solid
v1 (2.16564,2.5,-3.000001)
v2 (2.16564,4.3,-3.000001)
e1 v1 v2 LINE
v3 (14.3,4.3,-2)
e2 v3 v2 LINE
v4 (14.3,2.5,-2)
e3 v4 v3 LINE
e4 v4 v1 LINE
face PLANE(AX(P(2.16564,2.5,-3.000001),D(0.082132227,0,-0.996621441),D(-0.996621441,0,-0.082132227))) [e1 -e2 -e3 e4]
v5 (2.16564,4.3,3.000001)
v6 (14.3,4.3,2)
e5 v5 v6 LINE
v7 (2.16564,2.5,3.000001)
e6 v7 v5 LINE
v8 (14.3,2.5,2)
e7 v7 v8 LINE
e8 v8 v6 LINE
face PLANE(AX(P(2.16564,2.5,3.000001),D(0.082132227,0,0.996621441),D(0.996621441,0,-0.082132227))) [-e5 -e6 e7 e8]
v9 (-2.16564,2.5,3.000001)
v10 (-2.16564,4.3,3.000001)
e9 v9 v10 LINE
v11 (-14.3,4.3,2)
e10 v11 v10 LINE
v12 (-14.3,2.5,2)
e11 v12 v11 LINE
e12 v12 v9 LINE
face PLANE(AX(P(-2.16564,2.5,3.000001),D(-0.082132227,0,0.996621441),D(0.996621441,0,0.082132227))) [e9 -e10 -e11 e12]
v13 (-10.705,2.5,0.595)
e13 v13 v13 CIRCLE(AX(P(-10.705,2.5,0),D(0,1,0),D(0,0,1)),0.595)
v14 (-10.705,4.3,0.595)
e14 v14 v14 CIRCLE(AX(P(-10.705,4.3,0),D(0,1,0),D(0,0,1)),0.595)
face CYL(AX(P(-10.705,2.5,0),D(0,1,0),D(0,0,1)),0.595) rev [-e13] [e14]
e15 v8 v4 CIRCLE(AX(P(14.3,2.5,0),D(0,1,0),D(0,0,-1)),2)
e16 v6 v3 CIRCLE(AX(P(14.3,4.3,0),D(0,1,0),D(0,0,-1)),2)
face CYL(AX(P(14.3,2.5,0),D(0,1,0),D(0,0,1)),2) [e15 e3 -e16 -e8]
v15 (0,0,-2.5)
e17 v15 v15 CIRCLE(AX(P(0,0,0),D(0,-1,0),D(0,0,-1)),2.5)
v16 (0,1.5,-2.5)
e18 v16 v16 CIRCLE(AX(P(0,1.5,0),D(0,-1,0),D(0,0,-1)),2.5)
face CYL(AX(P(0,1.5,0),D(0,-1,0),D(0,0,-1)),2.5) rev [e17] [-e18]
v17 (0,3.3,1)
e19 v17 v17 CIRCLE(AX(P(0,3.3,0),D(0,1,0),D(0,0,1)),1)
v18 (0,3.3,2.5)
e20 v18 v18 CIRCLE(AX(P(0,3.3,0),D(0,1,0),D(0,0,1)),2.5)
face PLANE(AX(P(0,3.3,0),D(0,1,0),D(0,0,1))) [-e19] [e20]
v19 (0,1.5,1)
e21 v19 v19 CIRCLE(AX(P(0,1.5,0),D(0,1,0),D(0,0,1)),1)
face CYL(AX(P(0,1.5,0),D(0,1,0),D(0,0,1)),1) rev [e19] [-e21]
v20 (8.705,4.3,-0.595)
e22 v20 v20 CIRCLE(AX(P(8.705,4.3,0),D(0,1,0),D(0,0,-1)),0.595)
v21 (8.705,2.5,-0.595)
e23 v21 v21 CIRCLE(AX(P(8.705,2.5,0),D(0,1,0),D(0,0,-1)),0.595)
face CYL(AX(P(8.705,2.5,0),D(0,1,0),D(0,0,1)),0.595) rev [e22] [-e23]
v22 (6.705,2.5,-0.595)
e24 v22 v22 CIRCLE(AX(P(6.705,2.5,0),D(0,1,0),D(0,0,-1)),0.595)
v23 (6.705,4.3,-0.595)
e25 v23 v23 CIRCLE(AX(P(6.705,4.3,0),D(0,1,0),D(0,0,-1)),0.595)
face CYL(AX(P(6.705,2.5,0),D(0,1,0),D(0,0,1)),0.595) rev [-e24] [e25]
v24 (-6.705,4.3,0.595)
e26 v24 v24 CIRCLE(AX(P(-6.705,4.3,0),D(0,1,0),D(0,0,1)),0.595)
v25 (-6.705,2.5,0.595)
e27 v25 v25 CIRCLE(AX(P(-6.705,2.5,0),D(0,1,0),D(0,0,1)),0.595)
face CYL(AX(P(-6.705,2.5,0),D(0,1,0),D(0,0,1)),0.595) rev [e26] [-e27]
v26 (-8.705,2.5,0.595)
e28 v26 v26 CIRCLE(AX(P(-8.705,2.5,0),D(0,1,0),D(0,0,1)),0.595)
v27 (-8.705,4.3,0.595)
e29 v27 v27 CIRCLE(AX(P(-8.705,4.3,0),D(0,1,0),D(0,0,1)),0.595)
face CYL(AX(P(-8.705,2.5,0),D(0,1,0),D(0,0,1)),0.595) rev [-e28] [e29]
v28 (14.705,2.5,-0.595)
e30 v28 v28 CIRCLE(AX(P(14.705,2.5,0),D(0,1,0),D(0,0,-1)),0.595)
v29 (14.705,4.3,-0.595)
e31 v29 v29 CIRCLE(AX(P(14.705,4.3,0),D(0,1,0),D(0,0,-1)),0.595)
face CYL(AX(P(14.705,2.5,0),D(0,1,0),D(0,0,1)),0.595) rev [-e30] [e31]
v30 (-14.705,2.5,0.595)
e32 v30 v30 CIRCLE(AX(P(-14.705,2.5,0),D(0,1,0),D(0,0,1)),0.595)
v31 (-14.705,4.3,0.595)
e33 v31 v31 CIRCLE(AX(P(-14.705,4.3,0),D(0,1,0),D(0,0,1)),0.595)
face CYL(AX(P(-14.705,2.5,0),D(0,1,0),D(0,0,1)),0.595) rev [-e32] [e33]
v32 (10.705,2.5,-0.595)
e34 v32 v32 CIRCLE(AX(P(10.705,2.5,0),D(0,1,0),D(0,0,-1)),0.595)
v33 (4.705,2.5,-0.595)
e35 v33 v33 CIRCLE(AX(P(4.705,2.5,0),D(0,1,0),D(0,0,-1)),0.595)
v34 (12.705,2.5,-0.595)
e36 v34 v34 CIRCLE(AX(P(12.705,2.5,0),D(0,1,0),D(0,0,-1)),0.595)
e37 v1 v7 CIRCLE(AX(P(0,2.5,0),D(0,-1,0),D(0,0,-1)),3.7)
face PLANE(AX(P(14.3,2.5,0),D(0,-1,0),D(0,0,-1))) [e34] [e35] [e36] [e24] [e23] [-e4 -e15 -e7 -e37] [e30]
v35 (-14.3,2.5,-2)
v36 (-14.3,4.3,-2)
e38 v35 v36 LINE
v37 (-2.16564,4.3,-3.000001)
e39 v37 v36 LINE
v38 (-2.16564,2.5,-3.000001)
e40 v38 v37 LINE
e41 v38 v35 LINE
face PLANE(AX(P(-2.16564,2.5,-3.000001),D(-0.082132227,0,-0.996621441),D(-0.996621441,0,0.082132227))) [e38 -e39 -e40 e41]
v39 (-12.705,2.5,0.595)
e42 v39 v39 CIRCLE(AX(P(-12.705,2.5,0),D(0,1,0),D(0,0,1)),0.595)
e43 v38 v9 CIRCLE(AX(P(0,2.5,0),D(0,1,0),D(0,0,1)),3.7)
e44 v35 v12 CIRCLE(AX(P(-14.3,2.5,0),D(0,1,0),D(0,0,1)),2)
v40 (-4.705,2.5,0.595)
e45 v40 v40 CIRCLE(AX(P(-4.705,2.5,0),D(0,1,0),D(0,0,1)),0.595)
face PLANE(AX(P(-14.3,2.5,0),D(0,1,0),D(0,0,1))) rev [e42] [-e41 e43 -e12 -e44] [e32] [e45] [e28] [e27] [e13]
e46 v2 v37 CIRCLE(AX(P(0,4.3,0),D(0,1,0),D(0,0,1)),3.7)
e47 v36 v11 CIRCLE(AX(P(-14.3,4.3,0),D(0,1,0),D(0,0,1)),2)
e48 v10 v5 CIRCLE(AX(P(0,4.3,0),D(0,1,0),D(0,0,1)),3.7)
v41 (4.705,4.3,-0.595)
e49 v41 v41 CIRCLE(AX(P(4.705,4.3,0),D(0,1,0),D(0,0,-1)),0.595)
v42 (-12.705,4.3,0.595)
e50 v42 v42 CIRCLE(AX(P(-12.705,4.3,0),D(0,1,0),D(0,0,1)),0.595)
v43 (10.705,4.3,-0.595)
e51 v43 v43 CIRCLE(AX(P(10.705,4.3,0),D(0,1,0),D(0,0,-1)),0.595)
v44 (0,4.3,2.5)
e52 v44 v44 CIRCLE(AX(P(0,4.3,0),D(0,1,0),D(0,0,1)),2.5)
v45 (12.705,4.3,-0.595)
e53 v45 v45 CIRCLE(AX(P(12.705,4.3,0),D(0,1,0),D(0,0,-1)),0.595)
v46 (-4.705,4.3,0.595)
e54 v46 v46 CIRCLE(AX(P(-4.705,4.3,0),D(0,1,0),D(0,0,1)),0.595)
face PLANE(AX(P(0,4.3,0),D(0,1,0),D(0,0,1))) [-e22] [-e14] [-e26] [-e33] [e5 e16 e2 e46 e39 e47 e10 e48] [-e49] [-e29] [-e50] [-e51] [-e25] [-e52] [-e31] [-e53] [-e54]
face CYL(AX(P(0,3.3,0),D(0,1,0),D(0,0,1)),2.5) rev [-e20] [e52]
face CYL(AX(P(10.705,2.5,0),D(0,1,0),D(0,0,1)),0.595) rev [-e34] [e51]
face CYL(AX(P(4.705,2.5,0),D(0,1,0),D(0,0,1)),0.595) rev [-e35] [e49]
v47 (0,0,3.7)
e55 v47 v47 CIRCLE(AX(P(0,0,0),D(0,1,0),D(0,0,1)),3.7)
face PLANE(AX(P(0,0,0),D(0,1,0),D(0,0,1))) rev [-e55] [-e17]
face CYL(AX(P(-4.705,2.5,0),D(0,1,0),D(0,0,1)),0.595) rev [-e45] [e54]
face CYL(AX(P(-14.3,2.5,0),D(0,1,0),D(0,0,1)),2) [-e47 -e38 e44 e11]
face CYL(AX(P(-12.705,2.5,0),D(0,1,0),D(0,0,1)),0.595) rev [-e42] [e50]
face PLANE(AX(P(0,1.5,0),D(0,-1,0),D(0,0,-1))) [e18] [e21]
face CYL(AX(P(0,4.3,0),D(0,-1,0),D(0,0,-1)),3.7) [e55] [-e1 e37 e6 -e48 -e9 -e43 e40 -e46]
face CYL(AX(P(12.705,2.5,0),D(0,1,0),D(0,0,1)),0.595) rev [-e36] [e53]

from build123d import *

# Parameters (mm, degrees)
CROQUIS1_R              = 3.7
SALIENTE_EXTRUIR2_DEPTH = 4.3
CROQUIS2_R              = 2.5
CORTAR_EXTRUIR1_DEPTH   = 1.5
CROQUIS3_R              = 2.5
CORTAR_EXTRUIR2_DEPTH   = 1
CROQUIS4_R              = 1
CORTAR_EXTRUIR3_DEPTH   = 1.8
SALIENTE_EXTRUIR3_DEPTH = 1.8
CROQUIS6_R              = 0.595
CORTAR_EXTRUIR4_DEPTH   = 1.8


with BuildPart() as part:
    # Croquis1 → Saliente-Extruir2 (new body)
    with BuildSketch(Plane(origin=(0, 0, 0), x_dir=(1, 0, 0), z_dir=(0, 1, 0))):
        Circle(CROQUIS1_R)
    extrude(amount=SALIENTE_EXTRUIR2_DEPTH)

    # Croquis2 → Cortar-Extruir1 (cut)
    with BuildSketch(Plane.XZ):
        Circle(CROQUIS2_R)
    extrude(amount=-CORTAR_EXTRUIR1_DEPTH, mode=Mode.SUBTRACT)

    # Croquis3 → Cortar-Extruir2 (cut)
    with BuildSketch(Plane(origin=(0, 4.3, 0), x_dir=(1, 0, 0), z_dir=(0, 1, 0))):
        Circle(CROQUIS3_R)
    extrude(amount=-CORTAR_EXTRUIR2_DEPTH, mode=Mode.SUBTRACT)

    # Croquis4 → Cortar-Extruir3 (cut)
    with BuildSketch(Plane(origin=(0, 3.3, 0), x_dir=(1, 0, 0), z_dir=(0, 1, 0))):
        Circle(CROQUIS4_R)
    extrude(amount=-CORTAR_EXTRUIR3_DEPTH, mode=Mode.SUBTRACT)

    # Croquis5 → Saliente-Extruir3 (add)
    with BuildSketch(Plane(origin=(0, 4.3, 0), x_dir=(1, 0, 0), z_dir=(0, 1, 0))):
        with BuildLine():
            Line((-2.16564, 3.000000565), (-3.120237459, 0))
            Line((-3.120237459, 0), (-2.16564, -3.000000565))
            Line((-2.16564, -3.000000565), (-14.3, -2))
            ThreePointArc((-14.3, -2), (-16.3, 0), (-14.3, 2))
            Line((-14.3, 2), (-2.16564, 3.000000565))
        make_face()
        with BuildLine():
            Line((3.120237459, 0), (2.16564, -3.000000565))
            Line((2.16564, -3.000000565), (14.3, -2))
            ThreePointArc((14.3, -2), (16.3, 0), (14.3, 2))
            Line((14.3, 2), (2.16564, 3.000000565))
            Line((2.16564, 3.000000565), (3.120237459, 0))
        make_face()
    extrude(amount=-SALIENTE_EXTRUIR3_DEPTH)

    # Croquis6 → Cortar-Extruir4 (cut)
    with BuildSketch(Plane(origin=(0, 4.3, 0), x_dir=(1, 0, 0), z_dir=(0, 1, 0))):
        with Locations((-14.705, 0)):
            Circle(CROQUIS6_R)
        with Locations((-12.705, 0)):
            Circle(CROQUIS6_R)
        with Locations((-10.705, 0)):
            Circle(CROQUIS6_R)
        with Locations((-8.705, 0)):
            Circle(CROQUIS6_R)
        with Locations((-6.705, 0)):
            Circle(CROQUIS6_R)
        with Locations((-4.705, 0)):
            Circle(CROQUIS6_R)
        with Locations((14.705, 0)):
            Circle(CROQUIS6_R)
        with Locations((12.705, 0)):
            Circle(CROQUIS6_R)
        with Locations((10.705, 0)):
            Circle(CROQUIS6_R)
        with Locations((8.705, 0)):
            Circle(CROQUIS6_R)
        with Locations((6.705, 0)):
            Circle(CROQUIS6_R)
        with Locations((4.705, 0)):
            Circle(CROQUIS6_R)
    extrude(amount=-CORTAR_EXTRUIR4_DEPTH, mode=Mode.SUBTRACT)


solid = part.part
